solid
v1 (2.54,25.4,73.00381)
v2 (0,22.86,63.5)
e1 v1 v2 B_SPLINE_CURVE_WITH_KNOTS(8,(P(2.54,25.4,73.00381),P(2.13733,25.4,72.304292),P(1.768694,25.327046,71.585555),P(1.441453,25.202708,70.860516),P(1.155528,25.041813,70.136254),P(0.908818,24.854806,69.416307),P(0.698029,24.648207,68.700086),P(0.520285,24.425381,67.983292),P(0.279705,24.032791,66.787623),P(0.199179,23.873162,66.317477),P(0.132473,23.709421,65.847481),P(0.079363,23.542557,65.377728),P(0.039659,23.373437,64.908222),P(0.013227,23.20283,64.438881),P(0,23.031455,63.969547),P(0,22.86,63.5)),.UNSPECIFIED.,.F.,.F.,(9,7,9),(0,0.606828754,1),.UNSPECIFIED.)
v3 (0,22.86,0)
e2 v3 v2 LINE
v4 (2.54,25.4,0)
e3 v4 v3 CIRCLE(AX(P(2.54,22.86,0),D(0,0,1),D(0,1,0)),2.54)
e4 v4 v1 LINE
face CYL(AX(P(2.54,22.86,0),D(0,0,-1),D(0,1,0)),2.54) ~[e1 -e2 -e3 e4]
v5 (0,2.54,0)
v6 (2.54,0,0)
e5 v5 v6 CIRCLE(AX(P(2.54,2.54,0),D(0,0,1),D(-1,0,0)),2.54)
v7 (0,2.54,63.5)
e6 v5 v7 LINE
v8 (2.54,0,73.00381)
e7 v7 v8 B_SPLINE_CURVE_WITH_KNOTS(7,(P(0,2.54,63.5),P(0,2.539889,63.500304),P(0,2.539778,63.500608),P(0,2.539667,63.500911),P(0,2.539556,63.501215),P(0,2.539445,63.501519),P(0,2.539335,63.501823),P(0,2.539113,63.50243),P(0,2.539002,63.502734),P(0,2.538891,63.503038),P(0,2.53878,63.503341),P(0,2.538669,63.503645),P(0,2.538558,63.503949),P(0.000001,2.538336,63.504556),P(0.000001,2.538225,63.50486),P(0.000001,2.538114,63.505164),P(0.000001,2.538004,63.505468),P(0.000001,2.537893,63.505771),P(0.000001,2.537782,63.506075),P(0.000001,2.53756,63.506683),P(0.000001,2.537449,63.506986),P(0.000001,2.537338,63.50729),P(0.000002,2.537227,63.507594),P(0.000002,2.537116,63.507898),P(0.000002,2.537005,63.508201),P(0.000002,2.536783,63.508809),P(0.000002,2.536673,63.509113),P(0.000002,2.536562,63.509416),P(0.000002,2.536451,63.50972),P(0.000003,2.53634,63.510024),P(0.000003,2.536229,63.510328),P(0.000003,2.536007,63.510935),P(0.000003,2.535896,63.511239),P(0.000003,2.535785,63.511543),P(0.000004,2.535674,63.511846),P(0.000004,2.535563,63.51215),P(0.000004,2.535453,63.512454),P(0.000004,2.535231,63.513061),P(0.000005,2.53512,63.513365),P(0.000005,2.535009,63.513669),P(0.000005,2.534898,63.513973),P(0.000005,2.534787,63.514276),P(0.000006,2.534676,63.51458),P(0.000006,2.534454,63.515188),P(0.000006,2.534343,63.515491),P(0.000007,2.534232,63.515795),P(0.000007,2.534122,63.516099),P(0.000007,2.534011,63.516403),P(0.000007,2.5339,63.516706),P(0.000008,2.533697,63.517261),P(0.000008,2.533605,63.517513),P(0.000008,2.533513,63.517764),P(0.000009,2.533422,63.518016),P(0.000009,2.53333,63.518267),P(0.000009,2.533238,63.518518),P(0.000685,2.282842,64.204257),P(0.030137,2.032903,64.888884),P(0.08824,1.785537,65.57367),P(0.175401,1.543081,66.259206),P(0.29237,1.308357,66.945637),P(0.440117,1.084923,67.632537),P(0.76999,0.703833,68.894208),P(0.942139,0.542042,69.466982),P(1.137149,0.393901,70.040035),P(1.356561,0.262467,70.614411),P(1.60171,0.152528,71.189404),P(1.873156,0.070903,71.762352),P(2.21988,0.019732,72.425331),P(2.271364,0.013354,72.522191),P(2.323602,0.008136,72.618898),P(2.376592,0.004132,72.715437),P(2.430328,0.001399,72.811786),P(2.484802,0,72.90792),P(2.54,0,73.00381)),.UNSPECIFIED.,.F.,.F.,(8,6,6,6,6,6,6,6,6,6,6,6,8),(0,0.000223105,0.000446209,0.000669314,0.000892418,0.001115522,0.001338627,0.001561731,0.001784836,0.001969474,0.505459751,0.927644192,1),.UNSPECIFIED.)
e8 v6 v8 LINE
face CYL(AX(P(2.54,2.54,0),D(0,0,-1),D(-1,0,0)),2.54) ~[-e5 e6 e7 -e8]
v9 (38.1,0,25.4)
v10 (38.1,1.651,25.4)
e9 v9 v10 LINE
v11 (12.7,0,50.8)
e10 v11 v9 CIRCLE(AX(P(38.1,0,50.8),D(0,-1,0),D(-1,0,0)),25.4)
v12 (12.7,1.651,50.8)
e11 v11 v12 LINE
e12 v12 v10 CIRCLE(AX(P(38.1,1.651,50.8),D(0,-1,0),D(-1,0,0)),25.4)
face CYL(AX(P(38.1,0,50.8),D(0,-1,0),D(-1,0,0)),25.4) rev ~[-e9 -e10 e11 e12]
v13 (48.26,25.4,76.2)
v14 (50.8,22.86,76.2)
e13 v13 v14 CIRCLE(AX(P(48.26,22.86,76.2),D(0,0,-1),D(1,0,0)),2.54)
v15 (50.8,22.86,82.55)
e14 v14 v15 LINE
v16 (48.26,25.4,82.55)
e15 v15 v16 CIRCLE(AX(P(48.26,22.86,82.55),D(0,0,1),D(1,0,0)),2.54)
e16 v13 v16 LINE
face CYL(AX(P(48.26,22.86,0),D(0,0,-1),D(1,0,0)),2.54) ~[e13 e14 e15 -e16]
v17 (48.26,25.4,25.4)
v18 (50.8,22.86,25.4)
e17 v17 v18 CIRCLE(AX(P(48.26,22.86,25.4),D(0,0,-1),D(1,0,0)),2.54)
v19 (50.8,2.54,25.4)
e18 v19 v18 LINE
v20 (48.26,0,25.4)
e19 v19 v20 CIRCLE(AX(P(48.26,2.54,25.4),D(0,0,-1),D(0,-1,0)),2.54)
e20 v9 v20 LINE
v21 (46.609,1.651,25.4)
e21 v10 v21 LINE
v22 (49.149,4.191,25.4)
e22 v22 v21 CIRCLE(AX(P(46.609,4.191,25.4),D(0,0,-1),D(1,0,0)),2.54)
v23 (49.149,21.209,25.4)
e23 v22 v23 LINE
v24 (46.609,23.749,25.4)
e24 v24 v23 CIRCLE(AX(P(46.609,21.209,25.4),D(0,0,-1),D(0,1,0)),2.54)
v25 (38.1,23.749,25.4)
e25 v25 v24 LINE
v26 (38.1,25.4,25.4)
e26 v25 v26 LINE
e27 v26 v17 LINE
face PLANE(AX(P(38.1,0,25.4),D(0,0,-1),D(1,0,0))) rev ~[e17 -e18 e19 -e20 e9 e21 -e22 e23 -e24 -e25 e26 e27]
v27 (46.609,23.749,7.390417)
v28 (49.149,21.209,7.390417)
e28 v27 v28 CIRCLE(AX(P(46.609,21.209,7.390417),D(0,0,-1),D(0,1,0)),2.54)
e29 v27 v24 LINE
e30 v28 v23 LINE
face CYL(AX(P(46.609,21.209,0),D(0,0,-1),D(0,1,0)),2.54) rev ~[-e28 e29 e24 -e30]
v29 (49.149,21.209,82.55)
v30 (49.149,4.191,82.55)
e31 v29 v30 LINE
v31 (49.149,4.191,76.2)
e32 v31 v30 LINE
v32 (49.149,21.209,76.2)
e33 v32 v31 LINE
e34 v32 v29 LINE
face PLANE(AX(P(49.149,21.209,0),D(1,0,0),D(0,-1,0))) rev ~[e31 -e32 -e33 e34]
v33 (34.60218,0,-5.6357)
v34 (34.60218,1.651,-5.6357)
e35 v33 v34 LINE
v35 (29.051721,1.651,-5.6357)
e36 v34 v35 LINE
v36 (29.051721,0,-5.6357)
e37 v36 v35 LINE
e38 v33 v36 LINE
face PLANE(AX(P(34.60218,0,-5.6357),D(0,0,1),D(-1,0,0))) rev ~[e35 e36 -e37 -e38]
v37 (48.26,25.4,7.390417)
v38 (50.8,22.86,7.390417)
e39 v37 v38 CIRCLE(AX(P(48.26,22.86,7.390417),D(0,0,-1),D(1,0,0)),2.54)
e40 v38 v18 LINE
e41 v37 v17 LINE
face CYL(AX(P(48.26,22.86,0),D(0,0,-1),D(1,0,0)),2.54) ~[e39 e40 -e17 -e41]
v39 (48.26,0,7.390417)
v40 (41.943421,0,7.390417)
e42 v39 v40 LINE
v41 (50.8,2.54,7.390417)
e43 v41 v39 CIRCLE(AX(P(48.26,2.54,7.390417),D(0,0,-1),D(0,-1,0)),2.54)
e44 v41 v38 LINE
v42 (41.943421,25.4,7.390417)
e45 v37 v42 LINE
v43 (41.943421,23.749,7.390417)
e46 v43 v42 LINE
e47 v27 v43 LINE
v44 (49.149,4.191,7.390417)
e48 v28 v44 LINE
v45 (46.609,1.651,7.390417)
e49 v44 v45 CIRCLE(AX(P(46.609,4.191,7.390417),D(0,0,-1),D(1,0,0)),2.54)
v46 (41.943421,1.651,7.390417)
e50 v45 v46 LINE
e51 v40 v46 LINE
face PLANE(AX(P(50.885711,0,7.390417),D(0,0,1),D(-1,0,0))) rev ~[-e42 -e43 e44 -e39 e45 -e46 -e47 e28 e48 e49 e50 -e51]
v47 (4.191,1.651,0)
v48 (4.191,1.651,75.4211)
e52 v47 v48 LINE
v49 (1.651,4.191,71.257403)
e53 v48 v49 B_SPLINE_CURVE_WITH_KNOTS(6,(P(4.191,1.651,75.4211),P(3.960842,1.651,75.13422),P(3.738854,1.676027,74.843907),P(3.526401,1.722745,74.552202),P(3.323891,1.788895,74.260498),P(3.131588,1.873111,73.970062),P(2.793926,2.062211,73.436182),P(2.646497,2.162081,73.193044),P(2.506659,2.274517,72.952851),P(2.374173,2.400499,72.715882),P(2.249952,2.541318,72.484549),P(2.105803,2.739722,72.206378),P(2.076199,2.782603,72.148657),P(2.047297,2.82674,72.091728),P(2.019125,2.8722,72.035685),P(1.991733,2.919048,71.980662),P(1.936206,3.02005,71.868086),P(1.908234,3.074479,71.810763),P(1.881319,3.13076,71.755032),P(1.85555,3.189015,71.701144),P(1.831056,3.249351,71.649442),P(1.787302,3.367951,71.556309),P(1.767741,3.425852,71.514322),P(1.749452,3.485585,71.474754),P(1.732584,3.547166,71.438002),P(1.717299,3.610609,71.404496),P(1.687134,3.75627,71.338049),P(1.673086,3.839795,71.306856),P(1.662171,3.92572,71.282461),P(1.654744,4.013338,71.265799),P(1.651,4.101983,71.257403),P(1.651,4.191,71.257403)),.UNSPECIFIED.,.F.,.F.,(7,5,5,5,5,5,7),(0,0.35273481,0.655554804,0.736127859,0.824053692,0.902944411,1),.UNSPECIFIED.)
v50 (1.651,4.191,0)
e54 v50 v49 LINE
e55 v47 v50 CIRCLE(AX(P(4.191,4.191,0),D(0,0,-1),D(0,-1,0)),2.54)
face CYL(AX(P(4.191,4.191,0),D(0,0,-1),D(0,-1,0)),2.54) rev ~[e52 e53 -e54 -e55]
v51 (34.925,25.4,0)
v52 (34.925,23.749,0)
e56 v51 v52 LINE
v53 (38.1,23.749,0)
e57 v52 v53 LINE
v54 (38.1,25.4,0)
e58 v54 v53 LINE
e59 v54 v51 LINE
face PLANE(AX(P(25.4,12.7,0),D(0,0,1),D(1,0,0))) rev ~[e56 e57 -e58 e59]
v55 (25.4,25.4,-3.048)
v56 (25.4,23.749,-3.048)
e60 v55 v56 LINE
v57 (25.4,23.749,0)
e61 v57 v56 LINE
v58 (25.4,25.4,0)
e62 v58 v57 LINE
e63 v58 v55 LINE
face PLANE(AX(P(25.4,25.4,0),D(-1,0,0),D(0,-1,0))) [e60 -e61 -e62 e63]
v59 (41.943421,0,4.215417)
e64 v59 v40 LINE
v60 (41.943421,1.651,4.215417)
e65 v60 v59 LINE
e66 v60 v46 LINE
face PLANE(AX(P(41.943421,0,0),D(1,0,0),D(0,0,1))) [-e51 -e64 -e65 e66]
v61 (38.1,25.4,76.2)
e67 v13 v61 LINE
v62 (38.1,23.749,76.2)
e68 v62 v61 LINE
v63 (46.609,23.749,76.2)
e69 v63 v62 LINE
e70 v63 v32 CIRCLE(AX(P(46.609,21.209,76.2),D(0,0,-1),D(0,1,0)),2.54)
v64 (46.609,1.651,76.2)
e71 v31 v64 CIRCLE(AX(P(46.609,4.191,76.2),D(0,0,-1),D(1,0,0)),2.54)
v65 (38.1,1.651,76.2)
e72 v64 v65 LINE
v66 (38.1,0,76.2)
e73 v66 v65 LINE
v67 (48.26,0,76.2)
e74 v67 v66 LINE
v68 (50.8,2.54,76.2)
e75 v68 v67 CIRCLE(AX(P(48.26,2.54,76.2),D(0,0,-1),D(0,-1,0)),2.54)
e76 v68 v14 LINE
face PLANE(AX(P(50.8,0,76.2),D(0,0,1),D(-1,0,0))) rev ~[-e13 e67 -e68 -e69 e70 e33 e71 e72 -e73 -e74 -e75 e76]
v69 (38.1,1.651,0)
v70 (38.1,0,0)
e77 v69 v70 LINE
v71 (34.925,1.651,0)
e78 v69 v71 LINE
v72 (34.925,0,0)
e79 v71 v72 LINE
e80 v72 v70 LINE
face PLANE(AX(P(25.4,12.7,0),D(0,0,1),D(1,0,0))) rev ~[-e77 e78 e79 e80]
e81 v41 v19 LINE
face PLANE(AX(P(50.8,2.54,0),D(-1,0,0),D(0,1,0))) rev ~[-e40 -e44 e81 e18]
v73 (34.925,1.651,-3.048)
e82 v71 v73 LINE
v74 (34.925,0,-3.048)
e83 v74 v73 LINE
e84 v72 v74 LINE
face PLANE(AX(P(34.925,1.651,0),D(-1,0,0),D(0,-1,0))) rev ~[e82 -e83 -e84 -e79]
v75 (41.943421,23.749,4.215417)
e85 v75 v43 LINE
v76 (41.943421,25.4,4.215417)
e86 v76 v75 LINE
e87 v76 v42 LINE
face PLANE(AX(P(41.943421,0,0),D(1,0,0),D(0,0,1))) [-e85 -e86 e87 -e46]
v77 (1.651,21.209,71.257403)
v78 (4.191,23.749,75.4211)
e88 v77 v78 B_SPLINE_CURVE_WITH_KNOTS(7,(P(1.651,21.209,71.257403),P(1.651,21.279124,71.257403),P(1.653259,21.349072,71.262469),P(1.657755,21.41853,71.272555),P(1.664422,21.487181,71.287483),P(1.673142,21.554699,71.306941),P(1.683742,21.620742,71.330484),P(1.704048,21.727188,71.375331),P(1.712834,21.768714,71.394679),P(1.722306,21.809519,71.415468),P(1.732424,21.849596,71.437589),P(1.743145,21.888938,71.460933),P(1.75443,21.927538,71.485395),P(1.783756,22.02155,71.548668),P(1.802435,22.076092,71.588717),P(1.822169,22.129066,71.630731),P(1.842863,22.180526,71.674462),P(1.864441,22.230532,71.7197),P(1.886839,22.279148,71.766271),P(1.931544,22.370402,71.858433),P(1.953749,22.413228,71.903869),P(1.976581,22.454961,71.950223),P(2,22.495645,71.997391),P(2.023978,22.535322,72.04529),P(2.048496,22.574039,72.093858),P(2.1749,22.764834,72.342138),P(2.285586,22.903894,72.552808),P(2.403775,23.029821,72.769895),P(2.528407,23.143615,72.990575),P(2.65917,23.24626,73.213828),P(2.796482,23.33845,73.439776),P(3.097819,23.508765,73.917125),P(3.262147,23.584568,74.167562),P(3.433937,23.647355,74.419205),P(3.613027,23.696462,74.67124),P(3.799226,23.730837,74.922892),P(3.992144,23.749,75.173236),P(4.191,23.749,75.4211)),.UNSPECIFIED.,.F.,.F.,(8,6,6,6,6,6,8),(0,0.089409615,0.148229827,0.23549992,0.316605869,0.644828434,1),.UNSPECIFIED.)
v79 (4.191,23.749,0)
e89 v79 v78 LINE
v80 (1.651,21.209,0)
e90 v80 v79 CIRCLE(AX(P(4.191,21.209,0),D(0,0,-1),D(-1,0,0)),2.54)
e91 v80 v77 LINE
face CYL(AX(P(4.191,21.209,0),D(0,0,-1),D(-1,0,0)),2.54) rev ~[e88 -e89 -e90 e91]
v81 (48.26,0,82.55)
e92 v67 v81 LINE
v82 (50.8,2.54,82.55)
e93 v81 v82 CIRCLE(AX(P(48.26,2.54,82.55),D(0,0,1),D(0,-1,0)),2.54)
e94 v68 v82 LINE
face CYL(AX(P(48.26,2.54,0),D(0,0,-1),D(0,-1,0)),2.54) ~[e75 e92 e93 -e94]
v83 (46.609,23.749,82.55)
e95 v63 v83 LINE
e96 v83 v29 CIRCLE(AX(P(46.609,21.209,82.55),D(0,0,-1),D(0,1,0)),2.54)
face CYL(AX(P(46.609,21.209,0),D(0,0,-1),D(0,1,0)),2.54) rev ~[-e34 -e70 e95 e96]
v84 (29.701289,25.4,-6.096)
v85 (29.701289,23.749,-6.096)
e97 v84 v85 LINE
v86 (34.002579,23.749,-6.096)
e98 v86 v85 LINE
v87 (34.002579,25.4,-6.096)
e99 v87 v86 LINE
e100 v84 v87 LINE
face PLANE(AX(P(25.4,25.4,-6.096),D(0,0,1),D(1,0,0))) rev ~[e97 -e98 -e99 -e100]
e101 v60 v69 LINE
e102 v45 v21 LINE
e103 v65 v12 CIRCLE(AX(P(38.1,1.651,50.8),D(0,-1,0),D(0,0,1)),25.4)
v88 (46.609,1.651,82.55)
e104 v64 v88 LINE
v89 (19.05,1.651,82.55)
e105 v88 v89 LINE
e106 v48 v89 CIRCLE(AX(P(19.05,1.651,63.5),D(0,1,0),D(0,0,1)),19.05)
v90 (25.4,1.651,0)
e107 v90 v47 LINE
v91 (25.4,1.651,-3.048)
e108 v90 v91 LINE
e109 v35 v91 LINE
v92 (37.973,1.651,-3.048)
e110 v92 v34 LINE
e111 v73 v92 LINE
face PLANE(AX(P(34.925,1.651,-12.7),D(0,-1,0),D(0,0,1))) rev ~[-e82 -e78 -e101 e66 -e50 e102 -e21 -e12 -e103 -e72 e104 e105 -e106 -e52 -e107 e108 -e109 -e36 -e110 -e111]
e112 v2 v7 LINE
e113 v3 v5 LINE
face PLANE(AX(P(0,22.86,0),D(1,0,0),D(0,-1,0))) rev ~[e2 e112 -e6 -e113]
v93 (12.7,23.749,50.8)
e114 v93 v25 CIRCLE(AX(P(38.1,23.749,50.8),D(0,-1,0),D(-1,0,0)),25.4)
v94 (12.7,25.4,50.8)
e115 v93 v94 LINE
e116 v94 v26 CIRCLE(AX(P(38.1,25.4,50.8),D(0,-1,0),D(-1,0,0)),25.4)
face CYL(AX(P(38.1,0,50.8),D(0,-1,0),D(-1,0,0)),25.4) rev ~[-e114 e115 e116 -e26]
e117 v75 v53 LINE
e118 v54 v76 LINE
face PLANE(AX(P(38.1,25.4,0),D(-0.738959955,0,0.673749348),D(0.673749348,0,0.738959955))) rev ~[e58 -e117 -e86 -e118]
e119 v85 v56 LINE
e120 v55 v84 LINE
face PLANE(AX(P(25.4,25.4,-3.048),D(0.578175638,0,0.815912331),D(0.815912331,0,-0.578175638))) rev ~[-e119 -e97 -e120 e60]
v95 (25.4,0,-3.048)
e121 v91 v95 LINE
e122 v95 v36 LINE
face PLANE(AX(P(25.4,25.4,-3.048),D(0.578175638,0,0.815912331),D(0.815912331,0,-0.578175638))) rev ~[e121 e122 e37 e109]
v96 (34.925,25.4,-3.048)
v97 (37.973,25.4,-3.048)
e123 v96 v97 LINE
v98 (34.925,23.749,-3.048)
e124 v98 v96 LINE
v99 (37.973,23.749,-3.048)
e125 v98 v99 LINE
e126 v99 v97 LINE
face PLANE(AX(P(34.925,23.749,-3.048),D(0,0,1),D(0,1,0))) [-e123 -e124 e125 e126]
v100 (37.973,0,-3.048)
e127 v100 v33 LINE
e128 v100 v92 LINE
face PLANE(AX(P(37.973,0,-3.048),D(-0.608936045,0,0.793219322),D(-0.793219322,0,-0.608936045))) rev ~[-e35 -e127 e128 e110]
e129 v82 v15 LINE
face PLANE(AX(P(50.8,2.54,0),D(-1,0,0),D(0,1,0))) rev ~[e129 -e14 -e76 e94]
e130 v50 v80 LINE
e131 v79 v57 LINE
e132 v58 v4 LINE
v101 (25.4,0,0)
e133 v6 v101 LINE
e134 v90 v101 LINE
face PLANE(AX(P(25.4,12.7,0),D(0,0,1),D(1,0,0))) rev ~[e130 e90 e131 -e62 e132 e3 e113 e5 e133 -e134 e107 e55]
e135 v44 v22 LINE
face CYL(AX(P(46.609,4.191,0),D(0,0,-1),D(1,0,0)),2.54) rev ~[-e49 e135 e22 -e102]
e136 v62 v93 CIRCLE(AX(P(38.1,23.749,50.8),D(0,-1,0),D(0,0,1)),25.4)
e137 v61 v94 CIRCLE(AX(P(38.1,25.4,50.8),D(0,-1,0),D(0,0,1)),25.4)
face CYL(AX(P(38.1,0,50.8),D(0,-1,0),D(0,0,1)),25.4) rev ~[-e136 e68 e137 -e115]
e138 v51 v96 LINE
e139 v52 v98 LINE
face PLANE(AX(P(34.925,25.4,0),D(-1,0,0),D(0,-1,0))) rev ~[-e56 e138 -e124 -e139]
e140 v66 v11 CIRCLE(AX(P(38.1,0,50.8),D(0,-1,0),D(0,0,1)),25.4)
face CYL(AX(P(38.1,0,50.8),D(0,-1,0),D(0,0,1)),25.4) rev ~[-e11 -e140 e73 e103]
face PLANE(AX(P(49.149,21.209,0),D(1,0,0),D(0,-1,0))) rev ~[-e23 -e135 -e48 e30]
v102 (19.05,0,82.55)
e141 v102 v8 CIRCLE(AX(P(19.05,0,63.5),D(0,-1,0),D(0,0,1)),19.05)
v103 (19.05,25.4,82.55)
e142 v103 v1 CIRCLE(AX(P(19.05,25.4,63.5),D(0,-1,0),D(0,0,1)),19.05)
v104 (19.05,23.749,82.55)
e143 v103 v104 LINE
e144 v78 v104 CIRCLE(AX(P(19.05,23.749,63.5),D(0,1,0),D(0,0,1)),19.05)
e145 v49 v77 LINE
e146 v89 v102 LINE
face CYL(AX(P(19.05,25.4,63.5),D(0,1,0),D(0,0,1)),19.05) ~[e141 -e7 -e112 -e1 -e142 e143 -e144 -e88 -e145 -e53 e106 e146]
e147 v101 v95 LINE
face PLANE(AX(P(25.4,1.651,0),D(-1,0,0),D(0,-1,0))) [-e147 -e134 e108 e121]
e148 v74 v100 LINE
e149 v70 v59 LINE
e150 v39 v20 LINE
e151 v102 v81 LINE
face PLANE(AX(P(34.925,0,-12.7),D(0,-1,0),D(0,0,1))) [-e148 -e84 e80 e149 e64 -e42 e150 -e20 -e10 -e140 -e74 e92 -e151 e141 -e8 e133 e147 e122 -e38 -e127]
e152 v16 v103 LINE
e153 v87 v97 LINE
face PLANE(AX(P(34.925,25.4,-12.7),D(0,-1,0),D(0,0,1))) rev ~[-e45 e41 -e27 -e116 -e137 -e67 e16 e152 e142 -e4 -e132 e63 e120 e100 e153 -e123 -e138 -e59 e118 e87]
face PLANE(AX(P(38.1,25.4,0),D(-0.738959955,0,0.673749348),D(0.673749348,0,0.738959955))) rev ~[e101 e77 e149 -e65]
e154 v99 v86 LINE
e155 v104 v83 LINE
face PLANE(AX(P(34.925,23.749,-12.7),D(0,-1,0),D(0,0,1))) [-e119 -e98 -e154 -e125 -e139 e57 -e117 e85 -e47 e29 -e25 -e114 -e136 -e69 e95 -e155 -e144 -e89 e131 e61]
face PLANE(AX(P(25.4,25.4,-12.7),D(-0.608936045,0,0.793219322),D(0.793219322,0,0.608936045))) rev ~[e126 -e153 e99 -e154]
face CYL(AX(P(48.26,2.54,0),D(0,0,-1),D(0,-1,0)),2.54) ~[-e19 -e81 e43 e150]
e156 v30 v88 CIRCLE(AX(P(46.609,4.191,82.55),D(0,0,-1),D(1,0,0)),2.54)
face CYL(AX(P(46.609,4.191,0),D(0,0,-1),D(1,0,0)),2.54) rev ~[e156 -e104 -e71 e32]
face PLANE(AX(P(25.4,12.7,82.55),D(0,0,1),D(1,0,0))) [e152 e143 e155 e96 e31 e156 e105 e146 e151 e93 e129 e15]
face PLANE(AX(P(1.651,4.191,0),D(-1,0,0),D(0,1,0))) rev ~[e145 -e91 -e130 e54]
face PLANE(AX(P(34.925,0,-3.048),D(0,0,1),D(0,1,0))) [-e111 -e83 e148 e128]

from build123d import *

# Parameters (mm, degrees)
F1_DEPTH  = 82.55
F2_W      = 9.525
F2_H      = 1.651
F3_DEPTH  = 12.7
F4_W      = 1.651
F4_H      = 9.652
F5_DEPTH  = 3.048
F6_W      = 1.651
F6_H      = 9.652
F7_DEPTH  = 3.048
F9_DEPTH  = 6.35
F11_DEPTH = 6.35
F13_DEPTH = 3.175
F15_DEPTH = 3.175
F16_W     = 6.3165789474
F16_H     = 7.3904166929
F16_W_2   = 2.6257108653
F17_DEPTH = 31.75
F18_W     = 2.54
F18_H     = 50.8
F19_DEPTH = 27.94
F21_DEPTH = 25.4
F23_DEPTH = 25.4


with BuildPart() as f1:
    # F0 (on Top) → F1 (new body)
    with BuildSketch(Plane.XY):
        with BuildLine():
            ThreePointArc((0, 2.54), (0.7439487758, 0.7439487758), (2.54, 0))
            Line((2.54, 0), (48.26, 0))
            ThreePointArc((48.26, 0), (50.0560512242, 0.7439487758), (50.8, 2.54))
            Line((50.8, 2.54), (50.8, 22.86))
            ThreePointArc((50.8, 22.86), (50.0560512242, 24.6560512242), (48.26, 25.4))
            Line((48.26, 25.4), (2.54, 25.4))
            ThreePointArc((2.54, 25.4), (0.7439487758, 24.6560512242), (0, 22.86))
            Line((0, 22.86), (0, 2.54))
        make_face()
        with BuildLine():
            ThreePointArc((1.651, 21.209), (2.3949487758, 23.0050512242), (4.191, 23.749))
            Line((4.191, 23.749), (46.609, 23.749))
            ThreePointArc((46.609, 23.749), (48.4050512242, 23.0050512242), (49.149, 21.209))
            Line((49.149, 21.209), (49.149, 4.191))
            ThreePointArc((49.149, 4.191), (48.4050512242, 2.3949487758), (46.609, 1.651))
            Line((46.609, 1.651), (4.191, 1.651))
            ThreePointArc((4.191, 1.651), (2.3949487758, 2.3949487758), (1.651, 4.191))
            Line((1.651, 4.191), (1.651, 21.209))
        make_face(mode=Mode.SUBTRACT)
    extrude(amount=F1_DEPTH)

    # F2 (on face) → F3 (join)
    with BuildSketch(Plane(origin=(0, 0, 0), x_dir=(1, 0, 0), z_dir=(0, 0, -1))):
        with Locations((30.1625, -0.8255)):
            Rectangle(F2_W, F2_H)
        with Locations((30.1625, -24.5745)):
            Rectangle(F2_W, F2_H)
    extrude(amount=F3_DEPTH)

    # F4 (on face) → F5 (join)
    with BuildSketch(Plane.YZ.offset(34.925)):
        with Locations((0.8255, -7.874)):
            Rectangle(F4_W, F4_H)
    extrude(amount=F5_DEPTH)

    # F6 (on face) → F7 (join)
    with BuildSketch(Plane.YZ.offset(34.925)):
        with Locations((24.5745, -7.874)):
            Rectangle(F6_W, F6_H)
    extrude(amount=F7_DEPTH)

    # F8 (on face) → F9 (cut)
    with BuildSketch(Plane.XZ):
        Polygon((37.973, -12.7), (37.973, -3.048), (25.4, -12.7), align=None)
    extrude(amount=-F9_DEPTH, mode=Mode.SUBTRACT)

    # F10 (on face) → F11 (cut)
    with BuildSketch(Plane(origin=(0, 25.4, 0), x_dir=(-1, 0, 0), z_dir=(0, 1, 0))):
        Polygon((-25.4, -12.7), (-37.973, -3.048), (-37.973, -12.7), align=None)
    extrude(amount=-F11_DEPTH, mode=Mode.SUBTRACT)

    # F12 (on face) → F13 (cut)
    with BuildSketch(Plane(origin=(0, 25.4, 0), x_dir=(-1, 0, 0), z_dir=(0, 1, 0))):
        Polygon((-25.4, -6.096), (-34.0025789474, -6.096), (-25.4, -12.7), align=None)
    extrude(amount=-F13_DEPTH, mode=Mode.SUBTRACT)

    # F14 (on face) → F15 (cut)
    with BuildSketch(Plane.XZ):
        Polygon((25.4, -12.7), (34.6021804274, -5.6356998739), (25.4, -5.6356998739), align=None)
    extrude(amount=-F15_DEPTH, mode=Mode.SUBTRACT)

    # F16 (on face) → F17 (cut)
    with BuildSketch(Plane.XZ):
        with Locations((45.1017105263, 3.6952083465)):
            Rectangle(F16_W, F16_H)
        with Locations((49.5728554326, 3.6952083465)):
            Rectangle(F16_W_2, F16_H)
    extrude(amount=-F17_DEPTH, mode=Mode.SUBTRACT)

    # F18 (on face) → F19 (cut)
    with BuildSketch(Plane.XZ):
        with BuildLine():
            Line((38.1, 25.4), (48.26, 25.4))
            Line((48.26, 25.4), (48.26, 76.2))
            Line((48.26, 76.2), (38.1, 76.2))
            ThreePointArc((38.1, 76.2), (20.1394877579, 68.7605122421), (12.7, 50.8))
            ThreePointArc((12.7, 50.8), (20.1394877579, 32.8394877579), (38.1, 25.4))
        make_face()
        with Locations((49.53, 50.8)):
            Rectangle(F18_W, F18_H)
    extrude(amount=-F19_DEPTH, mode=Mode.SUBTRACT)

    # F20 (on face) → F21 (cut)
    with BuildSketch(Plane(origin=(0, 25.4, 0), x_dir=(-1, 0, 0), z_dir=(0, 1, 0))):
        Polygon((-25.4, -3.048), (-29.7012894737, -6.096), (-25.4, -6.096), align=None)
        Polygon((-41.9434210526, 0), (-38.1, 0), (-41.9434210526, 4.2154166929), align=None)
    extrude(amount=-F21_DEPTH, mode=Mode.SUBTRACT)

    # F22 (on face) → F23 (cut)
    with BuildSketch(Plane(origin=(0, 25.4, 0), x_dir=(-1, 0, 0), z_dir=(0, 1, 0))):
        with BuildLine():
            ThreePointArc((-19.05, 82.55), (-5.5796158184, 76.9703841816), (0, 63.5))
            Line((0, 63.5), (0, 82.55))
            Line((0, 82.55), (-19.05, 82.55))
        make_face()
    extrude(amount=-F23_DEPTH, mode=Mode.SUBTRACT)


solid = f1.part
